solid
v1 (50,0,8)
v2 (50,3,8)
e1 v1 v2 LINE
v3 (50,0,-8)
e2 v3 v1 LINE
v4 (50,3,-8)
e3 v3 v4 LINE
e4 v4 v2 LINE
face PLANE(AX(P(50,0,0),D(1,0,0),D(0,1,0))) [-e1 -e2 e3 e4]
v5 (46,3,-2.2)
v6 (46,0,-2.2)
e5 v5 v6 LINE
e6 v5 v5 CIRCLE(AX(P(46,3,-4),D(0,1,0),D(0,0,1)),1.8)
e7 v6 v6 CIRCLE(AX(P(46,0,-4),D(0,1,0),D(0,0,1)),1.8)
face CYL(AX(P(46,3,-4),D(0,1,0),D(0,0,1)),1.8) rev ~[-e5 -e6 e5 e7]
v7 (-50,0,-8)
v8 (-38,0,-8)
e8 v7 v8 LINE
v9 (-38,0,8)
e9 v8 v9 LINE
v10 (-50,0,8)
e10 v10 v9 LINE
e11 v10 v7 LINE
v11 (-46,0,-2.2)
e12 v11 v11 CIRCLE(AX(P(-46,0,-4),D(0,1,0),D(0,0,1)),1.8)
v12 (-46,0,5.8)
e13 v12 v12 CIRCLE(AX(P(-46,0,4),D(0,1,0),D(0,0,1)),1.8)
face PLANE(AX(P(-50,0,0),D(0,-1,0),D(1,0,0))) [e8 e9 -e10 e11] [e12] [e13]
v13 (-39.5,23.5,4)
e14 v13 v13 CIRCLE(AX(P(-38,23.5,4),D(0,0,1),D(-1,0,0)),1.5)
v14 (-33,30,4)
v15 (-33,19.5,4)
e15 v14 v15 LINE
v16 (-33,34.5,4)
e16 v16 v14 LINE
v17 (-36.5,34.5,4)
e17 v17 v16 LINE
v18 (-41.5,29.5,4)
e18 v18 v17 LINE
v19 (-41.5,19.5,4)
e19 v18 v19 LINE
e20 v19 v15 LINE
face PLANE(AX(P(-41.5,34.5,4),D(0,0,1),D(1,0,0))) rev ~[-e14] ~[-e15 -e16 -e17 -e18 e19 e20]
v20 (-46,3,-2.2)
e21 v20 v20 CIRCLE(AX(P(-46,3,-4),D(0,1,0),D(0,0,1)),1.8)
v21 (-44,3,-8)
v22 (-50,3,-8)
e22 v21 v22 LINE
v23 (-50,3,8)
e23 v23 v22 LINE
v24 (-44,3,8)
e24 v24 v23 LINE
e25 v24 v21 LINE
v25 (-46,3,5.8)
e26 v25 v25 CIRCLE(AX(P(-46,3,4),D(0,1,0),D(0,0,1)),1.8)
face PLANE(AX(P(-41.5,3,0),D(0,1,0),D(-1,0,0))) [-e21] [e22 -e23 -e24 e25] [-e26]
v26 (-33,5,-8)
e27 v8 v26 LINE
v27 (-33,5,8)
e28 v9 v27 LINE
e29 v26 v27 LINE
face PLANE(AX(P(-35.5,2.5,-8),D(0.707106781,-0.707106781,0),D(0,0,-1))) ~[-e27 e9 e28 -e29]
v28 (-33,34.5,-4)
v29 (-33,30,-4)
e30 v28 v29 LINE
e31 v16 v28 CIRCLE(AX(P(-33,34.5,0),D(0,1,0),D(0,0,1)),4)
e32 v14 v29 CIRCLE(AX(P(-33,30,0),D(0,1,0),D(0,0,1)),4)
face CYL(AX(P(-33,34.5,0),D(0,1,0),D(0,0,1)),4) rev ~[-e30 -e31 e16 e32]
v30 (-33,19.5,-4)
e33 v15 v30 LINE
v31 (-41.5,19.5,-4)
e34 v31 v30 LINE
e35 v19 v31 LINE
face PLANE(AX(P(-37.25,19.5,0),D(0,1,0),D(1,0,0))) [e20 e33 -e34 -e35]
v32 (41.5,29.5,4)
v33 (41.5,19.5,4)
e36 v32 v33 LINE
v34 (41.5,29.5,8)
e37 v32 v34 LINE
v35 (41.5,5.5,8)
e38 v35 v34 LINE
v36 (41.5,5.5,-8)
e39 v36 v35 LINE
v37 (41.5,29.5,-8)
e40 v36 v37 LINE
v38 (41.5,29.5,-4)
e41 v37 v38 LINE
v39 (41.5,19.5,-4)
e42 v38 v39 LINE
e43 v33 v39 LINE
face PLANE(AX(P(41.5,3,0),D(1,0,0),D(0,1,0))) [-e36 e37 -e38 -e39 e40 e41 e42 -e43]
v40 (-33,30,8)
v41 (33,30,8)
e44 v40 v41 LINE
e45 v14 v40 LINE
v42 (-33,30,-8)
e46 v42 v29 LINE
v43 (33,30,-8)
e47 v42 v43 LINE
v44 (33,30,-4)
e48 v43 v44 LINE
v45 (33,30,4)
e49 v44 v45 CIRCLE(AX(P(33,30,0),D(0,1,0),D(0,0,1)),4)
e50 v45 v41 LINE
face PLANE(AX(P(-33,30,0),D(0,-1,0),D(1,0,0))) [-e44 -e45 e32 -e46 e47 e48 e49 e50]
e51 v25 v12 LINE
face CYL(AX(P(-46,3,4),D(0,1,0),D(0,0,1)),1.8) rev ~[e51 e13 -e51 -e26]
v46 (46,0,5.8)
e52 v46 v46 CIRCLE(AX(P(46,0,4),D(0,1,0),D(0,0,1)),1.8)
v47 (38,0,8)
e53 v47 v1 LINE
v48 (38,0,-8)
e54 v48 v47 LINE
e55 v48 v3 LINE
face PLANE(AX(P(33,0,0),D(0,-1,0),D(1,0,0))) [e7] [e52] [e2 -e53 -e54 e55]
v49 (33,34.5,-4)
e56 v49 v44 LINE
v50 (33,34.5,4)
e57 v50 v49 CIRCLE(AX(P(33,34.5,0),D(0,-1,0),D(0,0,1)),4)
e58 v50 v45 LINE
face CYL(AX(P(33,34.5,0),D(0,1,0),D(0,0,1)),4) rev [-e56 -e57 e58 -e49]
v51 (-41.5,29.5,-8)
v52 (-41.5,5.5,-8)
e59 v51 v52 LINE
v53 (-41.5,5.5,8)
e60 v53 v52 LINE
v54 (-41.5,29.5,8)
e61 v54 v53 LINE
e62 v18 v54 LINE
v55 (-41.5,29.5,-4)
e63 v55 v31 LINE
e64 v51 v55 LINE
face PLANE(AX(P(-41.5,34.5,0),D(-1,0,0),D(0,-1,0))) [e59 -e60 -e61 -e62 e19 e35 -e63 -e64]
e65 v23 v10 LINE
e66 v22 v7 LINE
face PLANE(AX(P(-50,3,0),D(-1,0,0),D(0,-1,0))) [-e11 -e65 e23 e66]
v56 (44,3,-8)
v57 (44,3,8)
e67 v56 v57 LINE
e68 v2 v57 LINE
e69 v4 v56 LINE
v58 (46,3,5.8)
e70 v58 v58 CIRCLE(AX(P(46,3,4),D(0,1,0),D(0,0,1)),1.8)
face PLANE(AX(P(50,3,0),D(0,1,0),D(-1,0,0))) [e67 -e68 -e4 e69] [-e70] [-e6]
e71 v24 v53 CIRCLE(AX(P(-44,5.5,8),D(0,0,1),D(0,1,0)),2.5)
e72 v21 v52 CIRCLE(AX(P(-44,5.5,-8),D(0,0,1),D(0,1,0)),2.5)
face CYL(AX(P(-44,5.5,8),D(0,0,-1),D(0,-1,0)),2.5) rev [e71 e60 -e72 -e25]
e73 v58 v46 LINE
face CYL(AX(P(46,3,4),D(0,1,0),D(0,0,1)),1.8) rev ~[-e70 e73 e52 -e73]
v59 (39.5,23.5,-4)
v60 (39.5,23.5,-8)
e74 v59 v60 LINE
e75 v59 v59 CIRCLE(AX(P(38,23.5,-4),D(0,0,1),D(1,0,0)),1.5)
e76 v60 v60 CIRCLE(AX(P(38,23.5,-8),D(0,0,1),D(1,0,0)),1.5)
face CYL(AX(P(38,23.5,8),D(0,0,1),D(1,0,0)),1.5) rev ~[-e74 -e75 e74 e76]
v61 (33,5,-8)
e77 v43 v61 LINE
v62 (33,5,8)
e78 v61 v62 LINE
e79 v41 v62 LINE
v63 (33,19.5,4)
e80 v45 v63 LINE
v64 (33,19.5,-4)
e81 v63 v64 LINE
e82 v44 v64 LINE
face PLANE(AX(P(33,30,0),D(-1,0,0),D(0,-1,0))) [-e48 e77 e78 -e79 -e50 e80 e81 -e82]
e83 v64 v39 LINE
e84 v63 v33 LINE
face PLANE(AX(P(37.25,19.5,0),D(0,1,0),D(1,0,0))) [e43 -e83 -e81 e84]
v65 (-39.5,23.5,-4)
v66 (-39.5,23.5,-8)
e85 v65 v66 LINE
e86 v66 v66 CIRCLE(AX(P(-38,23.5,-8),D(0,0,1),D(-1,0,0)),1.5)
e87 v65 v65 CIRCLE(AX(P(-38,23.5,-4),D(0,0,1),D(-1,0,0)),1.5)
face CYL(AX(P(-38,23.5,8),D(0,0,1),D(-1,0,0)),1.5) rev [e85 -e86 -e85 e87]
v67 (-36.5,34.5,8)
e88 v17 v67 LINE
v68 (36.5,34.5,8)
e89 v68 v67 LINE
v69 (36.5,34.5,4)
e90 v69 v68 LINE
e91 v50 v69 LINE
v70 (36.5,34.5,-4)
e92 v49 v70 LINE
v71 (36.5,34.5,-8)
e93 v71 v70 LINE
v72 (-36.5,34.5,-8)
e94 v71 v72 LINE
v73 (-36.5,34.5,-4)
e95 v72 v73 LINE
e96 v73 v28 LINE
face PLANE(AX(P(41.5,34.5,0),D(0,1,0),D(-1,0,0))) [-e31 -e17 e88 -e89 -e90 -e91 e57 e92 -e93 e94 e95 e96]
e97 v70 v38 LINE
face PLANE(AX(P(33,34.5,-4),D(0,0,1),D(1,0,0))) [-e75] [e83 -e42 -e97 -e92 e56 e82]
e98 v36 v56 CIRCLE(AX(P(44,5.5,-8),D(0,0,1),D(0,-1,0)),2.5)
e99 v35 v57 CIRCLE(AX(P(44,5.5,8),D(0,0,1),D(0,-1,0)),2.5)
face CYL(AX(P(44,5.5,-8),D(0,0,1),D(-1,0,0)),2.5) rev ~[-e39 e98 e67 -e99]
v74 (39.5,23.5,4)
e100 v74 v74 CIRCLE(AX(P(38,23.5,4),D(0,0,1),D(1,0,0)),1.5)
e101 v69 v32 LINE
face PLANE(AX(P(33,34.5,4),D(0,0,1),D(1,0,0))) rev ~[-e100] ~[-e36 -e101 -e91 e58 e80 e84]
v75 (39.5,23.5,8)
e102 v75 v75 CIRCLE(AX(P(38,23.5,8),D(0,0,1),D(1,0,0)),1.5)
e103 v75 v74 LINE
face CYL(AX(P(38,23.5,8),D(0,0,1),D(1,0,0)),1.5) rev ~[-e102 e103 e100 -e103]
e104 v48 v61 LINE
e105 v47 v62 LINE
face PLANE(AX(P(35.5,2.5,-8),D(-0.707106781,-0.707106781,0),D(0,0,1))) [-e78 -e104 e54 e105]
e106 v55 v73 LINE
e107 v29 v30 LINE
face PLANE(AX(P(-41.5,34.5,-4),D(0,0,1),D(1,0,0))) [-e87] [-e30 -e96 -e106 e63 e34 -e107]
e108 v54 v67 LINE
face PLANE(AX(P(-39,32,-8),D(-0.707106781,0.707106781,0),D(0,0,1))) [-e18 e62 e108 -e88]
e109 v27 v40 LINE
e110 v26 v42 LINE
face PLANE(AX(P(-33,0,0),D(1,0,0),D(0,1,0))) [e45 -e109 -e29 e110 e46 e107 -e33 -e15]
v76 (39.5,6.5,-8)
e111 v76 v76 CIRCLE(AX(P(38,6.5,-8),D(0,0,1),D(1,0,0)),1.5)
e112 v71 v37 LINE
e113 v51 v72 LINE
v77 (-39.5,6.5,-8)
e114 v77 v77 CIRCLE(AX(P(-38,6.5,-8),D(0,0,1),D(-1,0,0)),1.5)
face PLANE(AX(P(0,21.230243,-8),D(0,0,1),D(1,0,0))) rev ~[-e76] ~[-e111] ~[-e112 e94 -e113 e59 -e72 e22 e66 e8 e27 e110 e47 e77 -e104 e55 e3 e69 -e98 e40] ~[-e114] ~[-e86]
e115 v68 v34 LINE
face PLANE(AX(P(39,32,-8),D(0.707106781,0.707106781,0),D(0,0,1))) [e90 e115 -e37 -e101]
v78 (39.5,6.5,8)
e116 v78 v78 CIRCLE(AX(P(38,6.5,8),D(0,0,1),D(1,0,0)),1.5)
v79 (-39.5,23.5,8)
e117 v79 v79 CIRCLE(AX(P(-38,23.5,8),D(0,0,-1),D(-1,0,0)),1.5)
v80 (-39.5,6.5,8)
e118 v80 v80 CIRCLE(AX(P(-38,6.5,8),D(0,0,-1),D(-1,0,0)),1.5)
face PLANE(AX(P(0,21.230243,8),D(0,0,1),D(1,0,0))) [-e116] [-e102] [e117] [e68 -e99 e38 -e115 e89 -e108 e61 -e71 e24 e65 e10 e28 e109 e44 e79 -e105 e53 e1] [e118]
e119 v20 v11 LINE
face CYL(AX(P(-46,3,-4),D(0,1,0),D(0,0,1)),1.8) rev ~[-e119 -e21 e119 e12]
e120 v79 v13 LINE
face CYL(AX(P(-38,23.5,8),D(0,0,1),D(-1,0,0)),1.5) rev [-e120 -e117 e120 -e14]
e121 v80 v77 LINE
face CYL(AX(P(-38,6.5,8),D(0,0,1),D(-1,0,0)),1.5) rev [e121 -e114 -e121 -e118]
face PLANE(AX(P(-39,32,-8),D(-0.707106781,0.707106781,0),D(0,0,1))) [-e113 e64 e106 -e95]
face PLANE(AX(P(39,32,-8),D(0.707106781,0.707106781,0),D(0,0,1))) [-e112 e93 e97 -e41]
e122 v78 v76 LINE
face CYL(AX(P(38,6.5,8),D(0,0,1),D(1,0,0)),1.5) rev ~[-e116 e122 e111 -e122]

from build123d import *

# Parameters (mm, degrees)
BOSS_EXTRUDE1_DEPTH = 8
CHAMFER5_SIZE       = 5
FILLET1_R           = 2.5
SKETCH2_R           = 1.5
CUT_EXTRUDE1_DEPTH  = 63.819184968
SKETCH3_R           = 1.8
CUT_EXTRUDE2_DEPTH  = 60.634302209
SKETCH5_W           = 8.5
SKETCH5_H           = 8
CUT_EXTRUDE3_DEPTH  = 15
CUT_EXTRUDE5_DEPTH  = 15


with BuildPart() as part:
    # Sketch1 → Boss-Extrude1 (new, symmetric)
    with BuildSketch(Plane.XY):
        Polygon((-50, 0), (-33, 0), (-33, 30), (33, 30), (33, 0), (50, 0), (50, 3), (41.5, 3), (41.5, 34.5), (-41.5, 34.5), (-41.5, 3), (-50, 3), align=None)
    extrude(amount=BOSS_EXTRUDE1_DEPTH, both=True)

    # Chamfer5
    chamfer5_edges = [part.edges().sort_by_distance(p)[0] for p in [
        (-41.5, 34.5, 0),
        (41.5, 34.5, 0),
        (33, 0, 0),
        (-33, 0, 0),
    ]]
    chamfer(chamfer5_edges, length=CHAMFER5_SIZE)

    # Fillet1
    fillet1_edges = [part.edges().sort_by_distance(p)[0] for p in [
        (-41.5, 3, 0),
        (41.5, 3, 0),
    ]]
    fillet(fillet1_edges, radius=FILLET1_R)

    # Sketch2 → Cut-Extrude1 (cut, through all)
    with BuildSketch(Plane.XY.offset(8)):
        with Locations((38, 23.5)):
            Circle(SKETCH2_R)
        with Locations((38, 6.5)):
            Circle(SKETCH2_R)
    cut_extrude1 = extrude(amount=-CUT_EXTRUDE1_DEPTH, mode=Mode.SUBTRACT)

    # Mirror1: Cut-Extrude1 across plane
    add(cut_extrude1.mirror(Plane(origin=(0, 0, 0), x_dir=(0, 0, 1), z_dir=(1, 0, 0))), mode=Mode.SUBTRACT)

    # Sketch3 → Cut-Extrude2 (cut, through all)
    with BuildSketch(Plane(origin=(0, 3, 0), x_dir=(1, 0, 0), z_dir=(0, 1, 0))):
        with Locations(Location((46, 4, 0), (0, 0, 270))):
            Circle(SKETCH3_R)
        with Locations(Location((46, -4, 0), (0, 0, 270))):
            Circle(SKETCH3_R)
        with Locations(Location((-46, 4, 0), (0, 0, 270))):
            Circle(SKETCH3_R)
        with Locations(Location((-46, -4, 0), (0, 0, 270))):
            Circle(SKETCH3_R)
    extrude(amount=-CUT_EXTRUDE2_DEPTH, mode=Mode.SUBTRACT)

    # Sketch5 → Cut-Extrude3 (cut)
    with BuildSketch(Plane(origin=(0, 34.5, 0), x_dir=(1, 0, 0), z_dir=(0, 1, 0))):
        with Locations((37.25, 0)):
            Rectangle(SKETCH5_W, SKETCH5_H)
        with Locations((-37.25, 0)):
            Rectangle(SKETCH5_W, SKETCH5_H)
    extrude(amount=-CUT_EXTRUDE3_DEPTH, mode=Mode.SUBTRACT)

    # Sketch7 → Cut-Extrude5 (cut)
    with BuildSketch(Plane(origin=(0, 34.5, 0), x_dir=(1, 0, 0), z_dir=(0, 1, 0))):
        with BuildLine():
            Line((33, 4), (33, -4))
            ThreePointArc((33, -4), (29, 0), (33, 4))
        make_face()
        with BuildLine():
            Line((-33, 4), (-33, -4))
            ThreePointArc((-33, -4), (-29, 0), (-33, 4))
        make_face()
    extrude(amount=-CUT_EXTRUDE5_DEPTH, mode=Mode.SUBTRACT)


solid = part.part
